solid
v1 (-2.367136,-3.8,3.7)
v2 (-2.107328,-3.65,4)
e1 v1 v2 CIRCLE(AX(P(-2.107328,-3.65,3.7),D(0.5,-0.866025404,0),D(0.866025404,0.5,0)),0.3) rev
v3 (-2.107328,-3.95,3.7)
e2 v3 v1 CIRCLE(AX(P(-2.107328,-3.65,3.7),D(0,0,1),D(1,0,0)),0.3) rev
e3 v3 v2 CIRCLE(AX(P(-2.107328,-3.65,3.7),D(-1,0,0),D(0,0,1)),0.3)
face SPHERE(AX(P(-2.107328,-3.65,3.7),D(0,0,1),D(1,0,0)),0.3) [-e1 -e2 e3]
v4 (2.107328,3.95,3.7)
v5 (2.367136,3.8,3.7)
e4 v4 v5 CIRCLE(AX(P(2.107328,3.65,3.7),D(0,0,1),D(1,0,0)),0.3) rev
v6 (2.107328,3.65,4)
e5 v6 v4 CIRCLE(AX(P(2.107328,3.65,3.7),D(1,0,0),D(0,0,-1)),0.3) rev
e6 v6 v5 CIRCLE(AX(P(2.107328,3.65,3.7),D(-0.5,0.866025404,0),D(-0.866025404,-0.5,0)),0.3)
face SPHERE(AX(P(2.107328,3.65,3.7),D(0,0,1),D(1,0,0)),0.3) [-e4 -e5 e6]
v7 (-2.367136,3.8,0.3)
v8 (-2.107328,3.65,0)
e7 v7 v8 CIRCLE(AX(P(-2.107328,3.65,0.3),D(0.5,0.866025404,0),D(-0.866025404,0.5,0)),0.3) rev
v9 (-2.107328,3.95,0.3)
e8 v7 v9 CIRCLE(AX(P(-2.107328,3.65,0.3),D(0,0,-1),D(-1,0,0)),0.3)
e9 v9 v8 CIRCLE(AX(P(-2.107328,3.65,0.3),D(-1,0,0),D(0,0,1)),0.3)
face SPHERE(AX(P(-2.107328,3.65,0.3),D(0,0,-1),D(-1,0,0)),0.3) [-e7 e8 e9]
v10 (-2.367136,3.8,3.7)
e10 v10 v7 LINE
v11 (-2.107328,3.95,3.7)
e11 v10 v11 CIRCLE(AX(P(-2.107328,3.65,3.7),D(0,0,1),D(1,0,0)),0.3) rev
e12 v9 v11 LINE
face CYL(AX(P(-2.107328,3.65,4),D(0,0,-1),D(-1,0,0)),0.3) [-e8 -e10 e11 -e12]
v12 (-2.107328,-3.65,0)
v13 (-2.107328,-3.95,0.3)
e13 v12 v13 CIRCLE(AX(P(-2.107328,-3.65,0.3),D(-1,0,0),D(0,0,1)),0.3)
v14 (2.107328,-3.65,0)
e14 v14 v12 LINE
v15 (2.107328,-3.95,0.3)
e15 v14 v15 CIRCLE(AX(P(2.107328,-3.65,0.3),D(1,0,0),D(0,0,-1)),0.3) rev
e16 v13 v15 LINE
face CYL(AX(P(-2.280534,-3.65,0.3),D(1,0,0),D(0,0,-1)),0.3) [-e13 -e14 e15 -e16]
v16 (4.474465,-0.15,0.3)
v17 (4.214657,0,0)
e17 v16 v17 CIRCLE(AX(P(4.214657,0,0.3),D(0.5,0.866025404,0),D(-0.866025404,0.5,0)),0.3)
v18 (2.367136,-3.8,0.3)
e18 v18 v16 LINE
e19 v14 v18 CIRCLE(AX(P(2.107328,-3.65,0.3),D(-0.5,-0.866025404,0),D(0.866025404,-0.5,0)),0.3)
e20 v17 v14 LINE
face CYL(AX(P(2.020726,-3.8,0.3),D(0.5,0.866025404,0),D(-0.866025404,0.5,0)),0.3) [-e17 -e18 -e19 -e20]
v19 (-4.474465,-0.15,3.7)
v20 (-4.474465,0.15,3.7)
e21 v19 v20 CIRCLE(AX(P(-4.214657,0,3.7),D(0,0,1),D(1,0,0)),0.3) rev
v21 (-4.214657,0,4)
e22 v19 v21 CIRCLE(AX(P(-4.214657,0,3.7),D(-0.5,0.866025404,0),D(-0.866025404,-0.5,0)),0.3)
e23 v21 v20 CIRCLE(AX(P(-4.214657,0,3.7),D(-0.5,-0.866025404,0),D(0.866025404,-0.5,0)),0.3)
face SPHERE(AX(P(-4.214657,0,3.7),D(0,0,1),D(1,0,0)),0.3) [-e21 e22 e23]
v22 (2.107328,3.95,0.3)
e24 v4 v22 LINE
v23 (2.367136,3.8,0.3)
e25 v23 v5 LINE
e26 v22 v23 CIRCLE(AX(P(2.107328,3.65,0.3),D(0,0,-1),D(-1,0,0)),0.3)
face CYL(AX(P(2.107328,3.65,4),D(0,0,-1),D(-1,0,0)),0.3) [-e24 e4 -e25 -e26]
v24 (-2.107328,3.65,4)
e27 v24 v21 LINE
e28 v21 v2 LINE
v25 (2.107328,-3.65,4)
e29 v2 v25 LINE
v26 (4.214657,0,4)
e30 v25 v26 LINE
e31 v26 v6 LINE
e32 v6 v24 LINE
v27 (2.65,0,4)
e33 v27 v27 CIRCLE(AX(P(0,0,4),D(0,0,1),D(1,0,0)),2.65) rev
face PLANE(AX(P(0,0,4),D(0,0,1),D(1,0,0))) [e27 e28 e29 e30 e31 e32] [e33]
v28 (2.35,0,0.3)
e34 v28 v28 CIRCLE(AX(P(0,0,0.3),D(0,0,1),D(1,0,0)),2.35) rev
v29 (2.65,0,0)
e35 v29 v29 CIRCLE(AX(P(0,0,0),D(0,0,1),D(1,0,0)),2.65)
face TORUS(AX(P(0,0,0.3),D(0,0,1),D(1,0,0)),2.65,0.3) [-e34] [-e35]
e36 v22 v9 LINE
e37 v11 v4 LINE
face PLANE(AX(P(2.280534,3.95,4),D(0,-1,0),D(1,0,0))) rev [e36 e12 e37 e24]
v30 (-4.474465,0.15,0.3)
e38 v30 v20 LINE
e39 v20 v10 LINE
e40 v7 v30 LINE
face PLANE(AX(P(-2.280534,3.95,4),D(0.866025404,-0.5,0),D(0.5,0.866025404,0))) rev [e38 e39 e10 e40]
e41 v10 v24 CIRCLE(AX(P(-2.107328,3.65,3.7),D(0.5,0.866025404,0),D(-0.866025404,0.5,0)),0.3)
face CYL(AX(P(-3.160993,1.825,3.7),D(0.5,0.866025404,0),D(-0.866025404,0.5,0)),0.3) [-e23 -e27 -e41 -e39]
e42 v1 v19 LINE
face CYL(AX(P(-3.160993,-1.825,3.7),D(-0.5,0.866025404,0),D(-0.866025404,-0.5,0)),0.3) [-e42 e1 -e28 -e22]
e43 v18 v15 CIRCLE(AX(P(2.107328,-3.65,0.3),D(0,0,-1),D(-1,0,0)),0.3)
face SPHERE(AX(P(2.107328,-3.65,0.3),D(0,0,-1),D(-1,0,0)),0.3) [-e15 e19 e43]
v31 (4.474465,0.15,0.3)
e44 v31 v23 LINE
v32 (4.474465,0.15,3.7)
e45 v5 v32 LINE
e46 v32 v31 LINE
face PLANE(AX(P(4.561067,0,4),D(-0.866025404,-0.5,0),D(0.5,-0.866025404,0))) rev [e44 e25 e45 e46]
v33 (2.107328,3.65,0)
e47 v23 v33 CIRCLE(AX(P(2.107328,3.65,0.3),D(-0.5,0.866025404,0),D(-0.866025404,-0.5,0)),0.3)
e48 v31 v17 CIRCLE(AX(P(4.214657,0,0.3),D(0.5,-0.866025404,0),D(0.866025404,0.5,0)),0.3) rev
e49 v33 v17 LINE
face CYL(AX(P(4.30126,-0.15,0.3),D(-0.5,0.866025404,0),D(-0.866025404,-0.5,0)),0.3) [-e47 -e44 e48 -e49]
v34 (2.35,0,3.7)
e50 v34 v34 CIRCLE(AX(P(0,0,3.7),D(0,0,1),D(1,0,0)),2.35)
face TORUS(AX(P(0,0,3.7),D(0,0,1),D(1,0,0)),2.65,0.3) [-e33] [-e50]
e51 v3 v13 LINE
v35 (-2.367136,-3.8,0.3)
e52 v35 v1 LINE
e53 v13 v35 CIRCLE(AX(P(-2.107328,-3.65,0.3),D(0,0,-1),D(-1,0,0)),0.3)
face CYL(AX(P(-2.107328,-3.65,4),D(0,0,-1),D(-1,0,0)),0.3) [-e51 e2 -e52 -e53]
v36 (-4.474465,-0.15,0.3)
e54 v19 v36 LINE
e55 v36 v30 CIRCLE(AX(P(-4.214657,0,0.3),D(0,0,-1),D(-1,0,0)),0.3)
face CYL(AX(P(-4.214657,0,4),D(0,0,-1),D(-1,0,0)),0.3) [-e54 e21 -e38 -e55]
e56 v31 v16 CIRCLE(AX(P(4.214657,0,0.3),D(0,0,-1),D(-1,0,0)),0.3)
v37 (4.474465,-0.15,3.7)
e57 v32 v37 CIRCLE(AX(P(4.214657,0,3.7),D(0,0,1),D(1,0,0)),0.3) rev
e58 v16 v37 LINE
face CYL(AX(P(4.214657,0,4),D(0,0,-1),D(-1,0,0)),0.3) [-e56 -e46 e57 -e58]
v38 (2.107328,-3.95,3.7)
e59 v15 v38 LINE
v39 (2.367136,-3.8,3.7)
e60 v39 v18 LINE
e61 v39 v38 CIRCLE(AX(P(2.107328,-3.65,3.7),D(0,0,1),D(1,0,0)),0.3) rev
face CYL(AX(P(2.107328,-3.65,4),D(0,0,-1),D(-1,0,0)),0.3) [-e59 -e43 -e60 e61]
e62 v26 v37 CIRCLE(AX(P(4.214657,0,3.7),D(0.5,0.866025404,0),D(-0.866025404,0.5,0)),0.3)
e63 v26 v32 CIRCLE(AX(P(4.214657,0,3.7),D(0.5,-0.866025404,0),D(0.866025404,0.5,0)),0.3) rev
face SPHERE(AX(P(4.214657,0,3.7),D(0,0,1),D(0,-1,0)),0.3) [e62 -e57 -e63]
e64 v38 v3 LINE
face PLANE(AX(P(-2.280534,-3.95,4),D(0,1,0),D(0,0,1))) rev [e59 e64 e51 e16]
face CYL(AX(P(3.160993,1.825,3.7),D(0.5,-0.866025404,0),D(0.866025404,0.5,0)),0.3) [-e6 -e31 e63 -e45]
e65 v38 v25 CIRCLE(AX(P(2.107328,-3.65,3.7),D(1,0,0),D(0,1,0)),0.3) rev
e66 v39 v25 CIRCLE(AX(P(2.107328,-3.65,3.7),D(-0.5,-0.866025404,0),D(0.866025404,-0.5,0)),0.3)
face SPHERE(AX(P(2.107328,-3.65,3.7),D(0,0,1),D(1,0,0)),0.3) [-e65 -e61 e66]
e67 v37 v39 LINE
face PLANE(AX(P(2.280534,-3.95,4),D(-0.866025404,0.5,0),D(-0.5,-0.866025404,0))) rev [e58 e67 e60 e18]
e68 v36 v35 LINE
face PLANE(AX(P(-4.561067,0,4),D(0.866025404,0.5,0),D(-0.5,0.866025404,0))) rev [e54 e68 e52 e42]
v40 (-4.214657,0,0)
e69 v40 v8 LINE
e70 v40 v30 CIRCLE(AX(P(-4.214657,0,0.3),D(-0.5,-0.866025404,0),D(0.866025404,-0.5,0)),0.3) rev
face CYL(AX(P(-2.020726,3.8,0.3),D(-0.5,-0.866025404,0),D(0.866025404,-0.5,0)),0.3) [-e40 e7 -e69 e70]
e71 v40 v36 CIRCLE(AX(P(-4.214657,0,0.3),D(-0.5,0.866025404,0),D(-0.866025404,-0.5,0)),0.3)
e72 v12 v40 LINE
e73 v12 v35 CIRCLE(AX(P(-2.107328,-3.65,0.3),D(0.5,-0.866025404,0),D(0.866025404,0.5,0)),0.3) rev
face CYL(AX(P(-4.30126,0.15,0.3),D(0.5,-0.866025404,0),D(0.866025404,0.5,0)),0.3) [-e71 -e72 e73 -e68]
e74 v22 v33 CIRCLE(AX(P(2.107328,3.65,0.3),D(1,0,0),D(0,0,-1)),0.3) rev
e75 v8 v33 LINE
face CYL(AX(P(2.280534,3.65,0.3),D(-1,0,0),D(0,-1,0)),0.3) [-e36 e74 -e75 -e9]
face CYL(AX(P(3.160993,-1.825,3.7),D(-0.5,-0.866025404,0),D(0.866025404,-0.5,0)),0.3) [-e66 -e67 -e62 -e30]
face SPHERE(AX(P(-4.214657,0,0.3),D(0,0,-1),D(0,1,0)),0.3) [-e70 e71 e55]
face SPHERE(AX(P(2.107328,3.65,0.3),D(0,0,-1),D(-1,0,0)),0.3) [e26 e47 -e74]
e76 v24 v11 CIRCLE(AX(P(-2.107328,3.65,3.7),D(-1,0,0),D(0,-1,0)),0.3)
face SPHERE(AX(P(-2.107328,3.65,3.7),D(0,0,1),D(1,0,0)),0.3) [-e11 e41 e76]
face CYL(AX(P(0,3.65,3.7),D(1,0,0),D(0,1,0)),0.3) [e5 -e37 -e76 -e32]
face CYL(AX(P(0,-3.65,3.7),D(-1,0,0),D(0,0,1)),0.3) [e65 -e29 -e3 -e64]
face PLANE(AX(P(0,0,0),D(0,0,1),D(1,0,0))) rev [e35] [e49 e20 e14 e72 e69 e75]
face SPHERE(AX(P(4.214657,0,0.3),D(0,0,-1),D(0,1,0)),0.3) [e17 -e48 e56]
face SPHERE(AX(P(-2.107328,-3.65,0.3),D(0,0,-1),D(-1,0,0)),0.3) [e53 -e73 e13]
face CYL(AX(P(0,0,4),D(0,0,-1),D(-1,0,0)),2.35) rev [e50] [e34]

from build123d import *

# Parameters (mm, degrees)
ESBO_O1_R                = 2.35
RESSALTO_EXTRUS_O4_DEPTH = 4
FILETE2_R                = 0.3


with BuildPart() as part:
    # Esboço1 → Ressalto-extrusão4 (new body)
    with BuildSketch(Plane.XY):
        Polygon((-4.561067127, 0), (-2.280533563, -3.95), (2.280533563, -3.95), (4.561067127, 0), (2.280533563, 3.95), (-2.280533563, 3.95), align=None)
        Circle(ESBO_O1_R, mode=Mode.SUBTRACT)
    extrude(amount=RESSALTO_EXTRUS_O4_DEPTH)

    # Filete2
    filete2_edges = [part.edges().sort_by_distance(p)[0] for p in [
        (-2.280533563, 3.95, 2),
        (2.280533563, 3.95, 2),
        (4.561067127, 0, 2),
        (2.280533563, -3.95, 2),
        (-2.280533563, -3.95, 2),
        (-4.561067127, 0, 2),
        (0, -3.95, 4),
        (3.420800345, -1.975, 4),
        (-2.35, 0, 0),
        (-2.35, 0, 4),
        (3.420800345, 1.975, 4),
        (0, 3.95, 4),
        (-3.420800345, 1.975, 4),
        (0, 3.95, 0),
        (3.420800345, 1.975, 0),
        (3.420800345, -1.975, 0),
        (0, -3.95, 0),
        (-3.420800345, -1.975, 0),
        (-3.420800345, 1.975, 0),
        (-3.420800345, -1.975, 4),
    ]]
    fillet(filete2_edges, radius=FILETE2_R)


solid = part.part
